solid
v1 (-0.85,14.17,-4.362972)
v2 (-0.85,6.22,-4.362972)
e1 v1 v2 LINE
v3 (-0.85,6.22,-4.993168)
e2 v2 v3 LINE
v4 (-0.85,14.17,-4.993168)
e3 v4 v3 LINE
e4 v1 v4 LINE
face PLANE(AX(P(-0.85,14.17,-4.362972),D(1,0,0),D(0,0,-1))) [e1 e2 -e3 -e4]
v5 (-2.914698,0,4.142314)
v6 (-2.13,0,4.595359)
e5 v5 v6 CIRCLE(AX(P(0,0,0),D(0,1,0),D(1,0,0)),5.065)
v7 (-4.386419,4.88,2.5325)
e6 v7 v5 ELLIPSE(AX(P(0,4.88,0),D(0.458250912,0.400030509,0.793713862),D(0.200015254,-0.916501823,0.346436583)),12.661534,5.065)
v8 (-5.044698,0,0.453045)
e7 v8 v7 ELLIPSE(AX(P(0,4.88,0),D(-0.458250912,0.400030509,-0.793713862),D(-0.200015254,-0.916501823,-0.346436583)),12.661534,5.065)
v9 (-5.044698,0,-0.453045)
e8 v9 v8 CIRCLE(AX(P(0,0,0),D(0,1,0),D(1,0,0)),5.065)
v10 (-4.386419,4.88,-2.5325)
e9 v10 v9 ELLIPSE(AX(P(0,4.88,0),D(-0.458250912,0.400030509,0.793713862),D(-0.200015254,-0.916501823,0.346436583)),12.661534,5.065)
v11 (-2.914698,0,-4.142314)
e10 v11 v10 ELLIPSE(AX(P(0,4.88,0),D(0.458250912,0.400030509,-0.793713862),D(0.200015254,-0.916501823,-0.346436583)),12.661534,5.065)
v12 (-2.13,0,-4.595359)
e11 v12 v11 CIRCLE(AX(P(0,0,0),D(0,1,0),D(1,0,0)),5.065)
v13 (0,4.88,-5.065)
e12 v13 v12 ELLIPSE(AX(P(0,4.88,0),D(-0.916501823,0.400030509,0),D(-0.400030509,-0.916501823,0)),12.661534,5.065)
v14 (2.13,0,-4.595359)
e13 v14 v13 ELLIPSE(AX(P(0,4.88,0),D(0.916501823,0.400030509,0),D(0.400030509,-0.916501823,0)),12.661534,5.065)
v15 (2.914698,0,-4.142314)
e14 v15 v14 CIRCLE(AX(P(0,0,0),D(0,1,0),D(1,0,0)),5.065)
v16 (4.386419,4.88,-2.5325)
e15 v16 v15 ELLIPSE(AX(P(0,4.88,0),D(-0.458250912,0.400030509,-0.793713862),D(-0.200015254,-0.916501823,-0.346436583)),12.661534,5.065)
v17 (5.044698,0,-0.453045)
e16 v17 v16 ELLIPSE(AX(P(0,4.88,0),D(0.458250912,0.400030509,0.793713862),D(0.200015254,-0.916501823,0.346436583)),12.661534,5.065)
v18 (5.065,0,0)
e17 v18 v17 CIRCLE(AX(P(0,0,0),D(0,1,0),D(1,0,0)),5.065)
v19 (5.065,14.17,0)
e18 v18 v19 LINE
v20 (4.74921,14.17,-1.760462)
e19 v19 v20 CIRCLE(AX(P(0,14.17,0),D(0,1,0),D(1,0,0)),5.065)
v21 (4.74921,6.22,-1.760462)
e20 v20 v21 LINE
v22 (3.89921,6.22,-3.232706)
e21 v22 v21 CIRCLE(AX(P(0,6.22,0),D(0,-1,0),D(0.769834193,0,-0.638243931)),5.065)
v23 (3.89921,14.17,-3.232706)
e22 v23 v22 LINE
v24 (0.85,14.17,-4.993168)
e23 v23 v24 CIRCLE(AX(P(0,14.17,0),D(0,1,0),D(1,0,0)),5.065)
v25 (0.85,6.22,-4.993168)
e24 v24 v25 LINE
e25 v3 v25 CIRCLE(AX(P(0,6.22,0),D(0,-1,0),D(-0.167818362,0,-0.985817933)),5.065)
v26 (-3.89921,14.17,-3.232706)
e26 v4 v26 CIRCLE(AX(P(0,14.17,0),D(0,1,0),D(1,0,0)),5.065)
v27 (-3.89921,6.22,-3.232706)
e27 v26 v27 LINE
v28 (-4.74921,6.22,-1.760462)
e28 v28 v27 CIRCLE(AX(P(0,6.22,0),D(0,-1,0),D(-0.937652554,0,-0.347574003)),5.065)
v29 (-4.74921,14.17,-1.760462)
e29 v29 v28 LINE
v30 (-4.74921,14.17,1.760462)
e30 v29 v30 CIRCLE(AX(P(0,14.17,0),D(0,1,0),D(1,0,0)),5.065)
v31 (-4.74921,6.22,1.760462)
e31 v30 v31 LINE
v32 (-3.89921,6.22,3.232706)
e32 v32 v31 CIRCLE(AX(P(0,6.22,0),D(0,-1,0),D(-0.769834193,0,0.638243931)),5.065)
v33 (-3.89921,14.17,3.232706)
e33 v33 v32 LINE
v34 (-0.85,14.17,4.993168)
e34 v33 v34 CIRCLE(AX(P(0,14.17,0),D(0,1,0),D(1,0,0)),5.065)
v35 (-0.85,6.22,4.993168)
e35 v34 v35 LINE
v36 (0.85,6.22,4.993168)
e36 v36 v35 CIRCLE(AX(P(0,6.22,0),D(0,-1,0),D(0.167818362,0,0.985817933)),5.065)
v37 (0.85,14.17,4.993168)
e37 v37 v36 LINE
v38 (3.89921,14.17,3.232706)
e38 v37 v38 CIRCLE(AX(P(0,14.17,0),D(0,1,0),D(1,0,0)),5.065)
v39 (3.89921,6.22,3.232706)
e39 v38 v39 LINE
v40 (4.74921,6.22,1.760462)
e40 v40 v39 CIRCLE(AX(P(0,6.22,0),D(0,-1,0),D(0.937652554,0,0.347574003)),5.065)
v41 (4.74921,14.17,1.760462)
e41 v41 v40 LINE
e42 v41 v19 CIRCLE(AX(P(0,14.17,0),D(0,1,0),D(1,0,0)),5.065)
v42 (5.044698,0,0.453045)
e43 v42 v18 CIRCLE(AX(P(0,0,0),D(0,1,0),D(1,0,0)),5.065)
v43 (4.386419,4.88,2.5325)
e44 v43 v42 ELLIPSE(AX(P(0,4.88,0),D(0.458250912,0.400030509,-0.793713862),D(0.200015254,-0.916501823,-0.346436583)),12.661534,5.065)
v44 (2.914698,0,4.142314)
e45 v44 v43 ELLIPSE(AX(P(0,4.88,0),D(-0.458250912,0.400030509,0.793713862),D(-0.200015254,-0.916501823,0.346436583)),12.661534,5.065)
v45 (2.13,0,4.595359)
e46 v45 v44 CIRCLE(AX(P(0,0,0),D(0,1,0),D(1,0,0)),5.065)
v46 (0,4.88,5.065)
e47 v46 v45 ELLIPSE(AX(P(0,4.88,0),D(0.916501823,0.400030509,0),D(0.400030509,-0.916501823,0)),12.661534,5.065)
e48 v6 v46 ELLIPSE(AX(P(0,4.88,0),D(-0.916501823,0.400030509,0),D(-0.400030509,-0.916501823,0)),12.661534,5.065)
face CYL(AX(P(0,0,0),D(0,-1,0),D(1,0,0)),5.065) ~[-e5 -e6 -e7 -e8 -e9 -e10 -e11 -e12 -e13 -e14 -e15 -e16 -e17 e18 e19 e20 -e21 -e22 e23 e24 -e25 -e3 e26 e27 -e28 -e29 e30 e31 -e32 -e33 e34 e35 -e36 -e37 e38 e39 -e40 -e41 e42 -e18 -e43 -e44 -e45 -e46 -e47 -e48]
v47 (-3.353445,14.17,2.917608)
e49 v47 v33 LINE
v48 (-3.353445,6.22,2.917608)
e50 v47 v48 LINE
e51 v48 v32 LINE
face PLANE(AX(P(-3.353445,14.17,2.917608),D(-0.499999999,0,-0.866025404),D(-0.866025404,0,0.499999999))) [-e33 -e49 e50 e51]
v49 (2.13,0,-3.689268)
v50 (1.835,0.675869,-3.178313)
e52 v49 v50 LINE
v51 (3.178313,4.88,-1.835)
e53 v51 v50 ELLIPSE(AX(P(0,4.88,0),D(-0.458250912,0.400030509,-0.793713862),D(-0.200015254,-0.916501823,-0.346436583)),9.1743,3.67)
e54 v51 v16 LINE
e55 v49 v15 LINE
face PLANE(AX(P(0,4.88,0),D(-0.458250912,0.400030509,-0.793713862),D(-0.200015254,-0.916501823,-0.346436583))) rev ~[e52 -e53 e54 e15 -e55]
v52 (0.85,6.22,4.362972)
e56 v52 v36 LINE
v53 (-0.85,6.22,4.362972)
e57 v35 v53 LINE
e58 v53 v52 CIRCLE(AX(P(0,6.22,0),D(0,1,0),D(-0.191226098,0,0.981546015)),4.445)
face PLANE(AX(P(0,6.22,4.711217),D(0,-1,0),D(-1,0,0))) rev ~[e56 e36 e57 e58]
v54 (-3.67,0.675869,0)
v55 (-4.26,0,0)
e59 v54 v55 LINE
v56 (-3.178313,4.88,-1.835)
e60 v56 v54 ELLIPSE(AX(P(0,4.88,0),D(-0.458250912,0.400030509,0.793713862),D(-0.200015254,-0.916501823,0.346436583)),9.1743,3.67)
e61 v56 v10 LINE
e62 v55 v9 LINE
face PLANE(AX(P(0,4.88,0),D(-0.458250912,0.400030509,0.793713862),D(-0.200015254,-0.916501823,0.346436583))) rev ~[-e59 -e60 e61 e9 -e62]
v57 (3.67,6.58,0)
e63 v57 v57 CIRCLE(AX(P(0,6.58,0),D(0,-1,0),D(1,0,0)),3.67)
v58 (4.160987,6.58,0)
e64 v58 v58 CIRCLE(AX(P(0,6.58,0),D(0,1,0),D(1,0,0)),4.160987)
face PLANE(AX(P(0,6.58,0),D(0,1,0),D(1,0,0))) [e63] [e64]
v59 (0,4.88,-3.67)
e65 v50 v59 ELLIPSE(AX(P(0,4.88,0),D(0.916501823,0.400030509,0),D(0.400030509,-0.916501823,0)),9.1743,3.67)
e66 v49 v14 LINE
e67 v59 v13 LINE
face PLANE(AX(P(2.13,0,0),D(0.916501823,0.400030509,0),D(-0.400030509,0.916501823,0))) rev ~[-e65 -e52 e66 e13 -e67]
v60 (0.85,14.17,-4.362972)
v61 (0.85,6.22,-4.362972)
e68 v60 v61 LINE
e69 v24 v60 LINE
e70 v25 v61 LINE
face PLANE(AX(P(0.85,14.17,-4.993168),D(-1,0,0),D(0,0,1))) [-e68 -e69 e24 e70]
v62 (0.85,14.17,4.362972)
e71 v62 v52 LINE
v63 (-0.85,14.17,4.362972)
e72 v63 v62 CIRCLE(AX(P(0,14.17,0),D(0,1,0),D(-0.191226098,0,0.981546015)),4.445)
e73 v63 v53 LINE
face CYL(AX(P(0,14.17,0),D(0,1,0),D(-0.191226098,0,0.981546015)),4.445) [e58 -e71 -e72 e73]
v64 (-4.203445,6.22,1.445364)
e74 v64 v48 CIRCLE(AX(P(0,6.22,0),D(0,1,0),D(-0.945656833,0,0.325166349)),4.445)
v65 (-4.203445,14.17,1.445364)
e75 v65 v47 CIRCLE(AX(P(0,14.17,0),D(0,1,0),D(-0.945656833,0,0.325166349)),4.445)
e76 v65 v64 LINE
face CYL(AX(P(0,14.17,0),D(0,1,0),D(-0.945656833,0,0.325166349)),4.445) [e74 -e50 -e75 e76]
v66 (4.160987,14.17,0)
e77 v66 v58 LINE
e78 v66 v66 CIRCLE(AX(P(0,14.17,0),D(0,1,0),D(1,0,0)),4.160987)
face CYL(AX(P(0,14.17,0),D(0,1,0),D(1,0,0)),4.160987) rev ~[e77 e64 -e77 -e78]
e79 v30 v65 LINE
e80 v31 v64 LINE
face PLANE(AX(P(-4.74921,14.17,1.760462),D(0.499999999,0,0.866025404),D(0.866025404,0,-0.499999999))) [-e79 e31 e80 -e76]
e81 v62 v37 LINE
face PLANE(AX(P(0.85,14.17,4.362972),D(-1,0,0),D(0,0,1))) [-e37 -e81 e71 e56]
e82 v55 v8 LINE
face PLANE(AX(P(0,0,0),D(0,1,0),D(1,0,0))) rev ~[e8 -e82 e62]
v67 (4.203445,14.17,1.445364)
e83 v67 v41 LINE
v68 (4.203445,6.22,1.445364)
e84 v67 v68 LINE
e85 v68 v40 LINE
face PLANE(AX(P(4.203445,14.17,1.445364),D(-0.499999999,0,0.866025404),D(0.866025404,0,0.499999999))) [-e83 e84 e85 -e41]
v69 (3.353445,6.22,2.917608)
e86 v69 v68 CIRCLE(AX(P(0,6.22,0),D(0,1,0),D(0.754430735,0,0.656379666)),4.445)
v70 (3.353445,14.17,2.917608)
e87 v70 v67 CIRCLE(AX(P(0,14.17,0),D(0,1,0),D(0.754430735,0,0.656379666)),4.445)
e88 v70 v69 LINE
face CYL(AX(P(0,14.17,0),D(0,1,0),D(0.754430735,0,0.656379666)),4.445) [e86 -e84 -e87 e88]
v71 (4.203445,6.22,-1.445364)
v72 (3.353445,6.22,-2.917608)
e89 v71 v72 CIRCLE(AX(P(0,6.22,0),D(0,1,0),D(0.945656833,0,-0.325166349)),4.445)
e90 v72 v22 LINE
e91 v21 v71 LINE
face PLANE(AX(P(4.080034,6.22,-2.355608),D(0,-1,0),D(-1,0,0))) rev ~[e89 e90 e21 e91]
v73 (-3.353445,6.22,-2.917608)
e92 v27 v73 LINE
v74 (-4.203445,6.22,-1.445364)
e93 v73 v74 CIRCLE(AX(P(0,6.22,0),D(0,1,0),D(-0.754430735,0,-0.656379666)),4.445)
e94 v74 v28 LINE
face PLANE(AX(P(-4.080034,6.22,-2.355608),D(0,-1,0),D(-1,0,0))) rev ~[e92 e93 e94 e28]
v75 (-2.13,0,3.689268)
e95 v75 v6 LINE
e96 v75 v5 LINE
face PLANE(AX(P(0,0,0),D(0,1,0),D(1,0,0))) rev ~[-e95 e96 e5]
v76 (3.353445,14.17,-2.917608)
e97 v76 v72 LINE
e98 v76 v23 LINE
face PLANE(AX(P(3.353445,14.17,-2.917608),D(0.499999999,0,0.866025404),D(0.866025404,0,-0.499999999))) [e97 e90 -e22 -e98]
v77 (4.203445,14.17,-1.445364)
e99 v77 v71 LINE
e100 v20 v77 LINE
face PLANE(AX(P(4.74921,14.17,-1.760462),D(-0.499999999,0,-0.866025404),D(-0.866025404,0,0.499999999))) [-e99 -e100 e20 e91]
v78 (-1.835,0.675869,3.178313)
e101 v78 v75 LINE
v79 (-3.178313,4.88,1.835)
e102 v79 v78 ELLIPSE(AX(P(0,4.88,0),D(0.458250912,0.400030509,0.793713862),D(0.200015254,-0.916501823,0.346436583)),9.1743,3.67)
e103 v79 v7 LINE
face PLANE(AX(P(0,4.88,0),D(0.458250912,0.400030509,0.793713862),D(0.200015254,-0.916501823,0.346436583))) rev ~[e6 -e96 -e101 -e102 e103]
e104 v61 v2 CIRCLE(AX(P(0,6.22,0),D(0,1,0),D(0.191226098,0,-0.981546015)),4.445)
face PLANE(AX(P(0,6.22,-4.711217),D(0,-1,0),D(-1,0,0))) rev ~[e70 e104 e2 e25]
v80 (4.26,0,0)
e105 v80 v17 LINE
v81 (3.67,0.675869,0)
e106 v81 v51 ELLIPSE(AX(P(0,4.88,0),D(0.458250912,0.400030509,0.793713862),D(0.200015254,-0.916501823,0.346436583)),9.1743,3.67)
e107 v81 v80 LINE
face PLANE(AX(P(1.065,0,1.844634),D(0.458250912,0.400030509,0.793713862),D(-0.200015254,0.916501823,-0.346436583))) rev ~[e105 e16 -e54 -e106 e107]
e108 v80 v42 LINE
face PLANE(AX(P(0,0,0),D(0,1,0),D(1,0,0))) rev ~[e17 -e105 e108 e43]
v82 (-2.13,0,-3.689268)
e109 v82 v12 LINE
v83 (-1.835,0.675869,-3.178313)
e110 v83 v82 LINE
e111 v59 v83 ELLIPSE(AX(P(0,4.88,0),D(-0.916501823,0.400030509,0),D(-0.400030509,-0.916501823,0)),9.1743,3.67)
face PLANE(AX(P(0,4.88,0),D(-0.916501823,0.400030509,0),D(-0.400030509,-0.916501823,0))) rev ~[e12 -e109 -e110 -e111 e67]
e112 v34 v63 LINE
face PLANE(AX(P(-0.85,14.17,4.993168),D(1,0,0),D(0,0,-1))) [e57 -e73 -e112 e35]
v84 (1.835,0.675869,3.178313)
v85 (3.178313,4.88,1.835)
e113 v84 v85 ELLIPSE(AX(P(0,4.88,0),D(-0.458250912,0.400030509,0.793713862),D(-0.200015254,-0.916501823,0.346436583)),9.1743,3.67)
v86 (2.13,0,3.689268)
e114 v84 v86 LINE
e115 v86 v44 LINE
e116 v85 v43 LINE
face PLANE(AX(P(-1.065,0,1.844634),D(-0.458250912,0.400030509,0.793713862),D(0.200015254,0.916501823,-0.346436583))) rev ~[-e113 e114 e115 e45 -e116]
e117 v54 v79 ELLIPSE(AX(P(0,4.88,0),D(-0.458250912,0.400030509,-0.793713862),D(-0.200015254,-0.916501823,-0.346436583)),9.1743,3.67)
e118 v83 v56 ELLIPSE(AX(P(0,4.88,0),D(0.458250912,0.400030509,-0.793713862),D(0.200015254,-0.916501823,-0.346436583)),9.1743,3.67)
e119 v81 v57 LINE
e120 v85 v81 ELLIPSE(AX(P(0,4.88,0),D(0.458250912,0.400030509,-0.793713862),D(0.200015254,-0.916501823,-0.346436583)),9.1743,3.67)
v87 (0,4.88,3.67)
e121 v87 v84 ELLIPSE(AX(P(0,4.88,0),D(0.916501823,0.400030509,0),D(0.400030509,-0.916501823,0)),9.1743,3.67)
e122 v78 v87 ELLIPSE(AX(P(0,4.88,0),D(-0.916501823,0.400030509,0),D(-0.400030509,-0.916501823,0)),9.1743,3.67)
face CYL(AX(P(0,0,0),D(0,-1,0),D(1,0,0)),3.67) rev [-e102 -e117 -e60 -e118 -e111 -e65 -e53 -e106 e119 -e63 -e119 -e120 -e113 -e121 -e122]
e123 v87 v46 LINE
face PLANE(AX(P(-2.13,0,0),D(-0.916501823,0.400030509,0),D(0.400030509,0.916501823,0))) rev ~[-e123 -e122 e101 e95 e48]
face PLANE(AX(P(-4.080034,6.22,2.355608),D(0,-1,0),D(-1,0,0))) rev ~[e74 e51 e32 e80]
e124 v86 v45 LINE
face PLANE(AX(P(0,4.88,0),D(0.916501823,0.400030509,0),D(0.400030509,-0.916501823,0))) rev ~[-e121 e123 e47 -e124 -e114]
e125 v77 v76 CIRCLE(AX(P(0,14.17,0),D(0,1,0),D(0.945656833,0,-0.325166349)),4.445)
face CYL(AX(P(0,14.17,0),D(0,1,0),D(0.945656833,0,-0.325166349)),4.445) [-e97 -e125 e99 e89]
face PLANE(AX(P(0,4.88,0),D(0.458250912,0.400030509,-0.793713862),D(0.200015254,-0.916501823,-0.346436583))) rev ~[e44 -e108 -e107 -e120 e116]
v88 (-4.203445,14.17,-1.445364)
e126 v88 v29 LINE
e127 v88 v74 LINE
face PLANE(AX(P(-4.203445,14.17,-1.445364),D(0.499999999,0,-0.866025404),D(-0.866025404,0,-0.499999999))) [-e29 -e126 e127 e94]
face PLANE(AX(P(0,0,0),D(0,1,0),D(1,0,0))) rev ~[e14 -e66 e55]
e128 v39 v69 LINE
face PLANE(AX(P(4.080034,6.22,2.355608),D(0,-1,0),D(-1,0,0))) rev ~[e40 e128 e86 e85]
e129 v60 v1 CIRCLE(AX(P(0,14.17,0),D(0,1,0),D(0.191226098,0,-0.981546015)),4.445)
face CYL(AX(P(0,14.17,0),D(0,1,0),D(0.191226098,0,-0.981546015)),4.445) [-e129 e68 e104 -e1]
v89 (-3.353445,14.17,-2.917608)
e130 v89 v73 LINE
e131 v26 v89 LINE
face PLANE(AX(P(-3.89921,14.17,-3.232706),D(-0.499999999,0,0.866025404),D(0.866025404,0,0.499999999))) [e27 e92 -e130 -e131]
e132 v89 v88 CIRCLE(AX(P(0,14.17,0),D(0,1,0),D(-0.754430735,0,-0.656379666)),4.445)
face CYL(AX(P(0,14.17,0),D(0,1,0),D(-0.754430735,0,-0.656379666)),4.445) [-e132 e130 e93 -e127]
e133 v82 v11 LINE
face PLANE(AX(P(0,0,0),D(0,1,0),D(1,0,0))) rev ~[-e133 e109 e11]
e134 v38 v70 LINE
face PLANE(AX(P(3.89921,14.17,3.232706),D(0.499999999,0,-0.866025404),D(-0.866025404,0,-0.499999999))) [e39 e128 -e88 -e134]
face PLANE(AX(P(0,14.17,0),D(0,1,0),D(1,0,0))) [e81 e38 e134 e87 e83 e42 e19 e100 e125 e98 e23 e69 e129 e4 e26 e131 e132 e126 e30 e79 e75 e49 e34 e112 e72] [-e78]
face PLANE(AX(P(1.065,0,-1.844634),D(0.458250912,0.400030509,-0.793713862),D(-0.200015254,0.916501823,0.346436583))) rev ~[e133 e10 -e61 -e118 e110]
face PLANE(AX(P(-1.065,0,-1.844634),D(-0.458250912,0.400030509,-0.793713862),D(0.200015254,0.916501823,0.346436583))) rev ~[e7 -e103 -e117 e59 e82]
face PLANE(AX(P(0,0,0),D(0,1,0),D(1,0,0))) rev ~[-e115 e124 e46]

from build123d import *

# Parameters (mm, degrees)
SKETCH1_R           = 5.065
SKETCH1_R_2         = 3.67
BOSS_EXTRUDE1_DEPTH = 14.17
CUT_EXTRUDE1_DEPTH  = 7.95
SKETCH3_R           = 4.160986794
CUT_EXTRUDE2_DEPTH  = 7.59
CUT_EXTRUDE4_DEPTH  = 5.065
CIRPATTERN2_COUNT   = 6


with BuildPart() as part:
    # Sketch1 → Boss-Extrude1 (new body)
    with BuildSketch(Plane(origin=(0, 0, 0), x_dir=(1, 0, 0), z_dir=(0, 1, 0))):
        Circle(SKETCH1_R)
        Circle(SKETCH1_R_2, mode=Mode.SUBTRACT)
    extrude(amount=BOSS_EXTRUDE1_DEPTH)

    # Sketch2 → Cut-Extrude1 (cut)
    with BuildSketch(Plane(origin=(0, 14.17, 0), x_dir=(1, 0, 0), z_dir=(0, 1, 0))):
        with BuildLine():
            Line((-0.85, 4.362972037), (-0.85, 4.993167832))
            ThreePointArc((-0.85, 4.993167832), (0, 5.065), (0.85, 4.993167832))
            Line((0.85, 4.993167832), (0.85, 4.362972037))
            ThreePointArc((0.85, 4.362972037), (0, 4.445), (-0.85, 4.362972037))
        make_face()
        with BuildLine():
            Line((3.35344462, 2.917607612), (3.899210188, 3.232705509))
            ThreePointArc((3.899210188, 3.232705509), (4.38641867, 2.5325), (4.749210188, 1.760462323))
            Line((4.749210188, 1.760462323), (4.20344462, 1.445364426))
            ThreePointArc((4.20344462, 1.445364426), (3.84948292, 2.2225), (3.35344462, 2.917607612))
        make_face()
        with BuildLine():
            Line((4.20344462, -1.445364426), (4.749210188, -1.760462323))
            ThreePointArc((4.749210188, -1.760462323), (4.38641867, -2.5325), (3.899210188, -3.232705509))
            Line((3.899210188, -3.232705509), (3.35344462, -2.917607612))
            ThreePointArc((3.35344462, -2.917607612), (3.84948292, -2.2225), (4.20344462, -1.445364426))
        make_face()
        with BuildLine():
            Line((0.85, -4.362972037), (0.85, -4.993167832))
            ThreePointArc((0.85, -4.993167832), (0, -5.065), (-0.85, -4.993167832))
            Line((-0.85, -4.993167832), (-0.85, -4.362972037))
            ThreePointArc((-0.85, -4.362972037), (0, -4.445), (0.85, -4.362972037))
        make_face()
        with BuildLine():
            Line((-3.35344462, -2.917607612), (-3.899210188, -3.232705509))
            ThreePointArc((-3.899210188, -3.232705509), (-4.38641867, -2.5325), (-4.749210188, -1.760462323))
            Line((-4.749210188, -1.760462323), (-4.20344462, -1.445364426))
            ThreePointArc((-4.20344462, -1.445364426), (-3.84948292, -2.2225), (-3.35344462, -2.917607612))
        make_face()
        with BuildLine():
            Line((-4.20344462, 1.445364426), (-4.749210188, 1.760462323))
            ThreePointArc((-4.749210188, 1.760462323), (-4.38641867, 2.5325), (-3.899210188, 3.232705509))
            Line((-3.899210188, 3.232705509), (-3.35344462, 2.917607612))
            ThreePointArc((-3.35344462, 2.917607612), (-3.84948292, 2.2225), (-4.20344462, 1.445364426))
        make_face()
    extrude(amount=-CUT_EXTRUDE1_DEPTH, mode=Mode.SUBTRACT)

    # Sketch3 → Cut-Extrude2 (cut)
    with BuildSketch(Plane(origin=(0, 14.17, 0), x_dir=(1, 0, 0), z_dir=(0, 1, 0))):
        Circle(SKETCH3_R)
    extrude(amount=-CUT_EXTRUDE2_DEPTH, mode=Mode.SUBTRACT)

    # Sketch5 → Cut-Extrude4 (cut)
    with BuildSketch(Plane.XY):
        Polygon((0, 4.88), (-2.13, 0), (2.13, 0), align=None)
    cut_extrude4 = extrude(amount=-CUT_EXTRUDE4_DEPTH, mode=Mode.SUBTRACT)

    # CirPattern2: Cut-Extrude4 ×6 about axis
    cirpattern2_axis = Axis((0, 0, 0), (0, 1, 0))
    for i in range(1, CIRPATTERN2_COUNT):
        add(cut_extrude4.rotate(cirpattern2_axis, i * 360 / CIRPATTERN2_COUNT), mode=Mode.SUBTRACT)


solid = part.part
